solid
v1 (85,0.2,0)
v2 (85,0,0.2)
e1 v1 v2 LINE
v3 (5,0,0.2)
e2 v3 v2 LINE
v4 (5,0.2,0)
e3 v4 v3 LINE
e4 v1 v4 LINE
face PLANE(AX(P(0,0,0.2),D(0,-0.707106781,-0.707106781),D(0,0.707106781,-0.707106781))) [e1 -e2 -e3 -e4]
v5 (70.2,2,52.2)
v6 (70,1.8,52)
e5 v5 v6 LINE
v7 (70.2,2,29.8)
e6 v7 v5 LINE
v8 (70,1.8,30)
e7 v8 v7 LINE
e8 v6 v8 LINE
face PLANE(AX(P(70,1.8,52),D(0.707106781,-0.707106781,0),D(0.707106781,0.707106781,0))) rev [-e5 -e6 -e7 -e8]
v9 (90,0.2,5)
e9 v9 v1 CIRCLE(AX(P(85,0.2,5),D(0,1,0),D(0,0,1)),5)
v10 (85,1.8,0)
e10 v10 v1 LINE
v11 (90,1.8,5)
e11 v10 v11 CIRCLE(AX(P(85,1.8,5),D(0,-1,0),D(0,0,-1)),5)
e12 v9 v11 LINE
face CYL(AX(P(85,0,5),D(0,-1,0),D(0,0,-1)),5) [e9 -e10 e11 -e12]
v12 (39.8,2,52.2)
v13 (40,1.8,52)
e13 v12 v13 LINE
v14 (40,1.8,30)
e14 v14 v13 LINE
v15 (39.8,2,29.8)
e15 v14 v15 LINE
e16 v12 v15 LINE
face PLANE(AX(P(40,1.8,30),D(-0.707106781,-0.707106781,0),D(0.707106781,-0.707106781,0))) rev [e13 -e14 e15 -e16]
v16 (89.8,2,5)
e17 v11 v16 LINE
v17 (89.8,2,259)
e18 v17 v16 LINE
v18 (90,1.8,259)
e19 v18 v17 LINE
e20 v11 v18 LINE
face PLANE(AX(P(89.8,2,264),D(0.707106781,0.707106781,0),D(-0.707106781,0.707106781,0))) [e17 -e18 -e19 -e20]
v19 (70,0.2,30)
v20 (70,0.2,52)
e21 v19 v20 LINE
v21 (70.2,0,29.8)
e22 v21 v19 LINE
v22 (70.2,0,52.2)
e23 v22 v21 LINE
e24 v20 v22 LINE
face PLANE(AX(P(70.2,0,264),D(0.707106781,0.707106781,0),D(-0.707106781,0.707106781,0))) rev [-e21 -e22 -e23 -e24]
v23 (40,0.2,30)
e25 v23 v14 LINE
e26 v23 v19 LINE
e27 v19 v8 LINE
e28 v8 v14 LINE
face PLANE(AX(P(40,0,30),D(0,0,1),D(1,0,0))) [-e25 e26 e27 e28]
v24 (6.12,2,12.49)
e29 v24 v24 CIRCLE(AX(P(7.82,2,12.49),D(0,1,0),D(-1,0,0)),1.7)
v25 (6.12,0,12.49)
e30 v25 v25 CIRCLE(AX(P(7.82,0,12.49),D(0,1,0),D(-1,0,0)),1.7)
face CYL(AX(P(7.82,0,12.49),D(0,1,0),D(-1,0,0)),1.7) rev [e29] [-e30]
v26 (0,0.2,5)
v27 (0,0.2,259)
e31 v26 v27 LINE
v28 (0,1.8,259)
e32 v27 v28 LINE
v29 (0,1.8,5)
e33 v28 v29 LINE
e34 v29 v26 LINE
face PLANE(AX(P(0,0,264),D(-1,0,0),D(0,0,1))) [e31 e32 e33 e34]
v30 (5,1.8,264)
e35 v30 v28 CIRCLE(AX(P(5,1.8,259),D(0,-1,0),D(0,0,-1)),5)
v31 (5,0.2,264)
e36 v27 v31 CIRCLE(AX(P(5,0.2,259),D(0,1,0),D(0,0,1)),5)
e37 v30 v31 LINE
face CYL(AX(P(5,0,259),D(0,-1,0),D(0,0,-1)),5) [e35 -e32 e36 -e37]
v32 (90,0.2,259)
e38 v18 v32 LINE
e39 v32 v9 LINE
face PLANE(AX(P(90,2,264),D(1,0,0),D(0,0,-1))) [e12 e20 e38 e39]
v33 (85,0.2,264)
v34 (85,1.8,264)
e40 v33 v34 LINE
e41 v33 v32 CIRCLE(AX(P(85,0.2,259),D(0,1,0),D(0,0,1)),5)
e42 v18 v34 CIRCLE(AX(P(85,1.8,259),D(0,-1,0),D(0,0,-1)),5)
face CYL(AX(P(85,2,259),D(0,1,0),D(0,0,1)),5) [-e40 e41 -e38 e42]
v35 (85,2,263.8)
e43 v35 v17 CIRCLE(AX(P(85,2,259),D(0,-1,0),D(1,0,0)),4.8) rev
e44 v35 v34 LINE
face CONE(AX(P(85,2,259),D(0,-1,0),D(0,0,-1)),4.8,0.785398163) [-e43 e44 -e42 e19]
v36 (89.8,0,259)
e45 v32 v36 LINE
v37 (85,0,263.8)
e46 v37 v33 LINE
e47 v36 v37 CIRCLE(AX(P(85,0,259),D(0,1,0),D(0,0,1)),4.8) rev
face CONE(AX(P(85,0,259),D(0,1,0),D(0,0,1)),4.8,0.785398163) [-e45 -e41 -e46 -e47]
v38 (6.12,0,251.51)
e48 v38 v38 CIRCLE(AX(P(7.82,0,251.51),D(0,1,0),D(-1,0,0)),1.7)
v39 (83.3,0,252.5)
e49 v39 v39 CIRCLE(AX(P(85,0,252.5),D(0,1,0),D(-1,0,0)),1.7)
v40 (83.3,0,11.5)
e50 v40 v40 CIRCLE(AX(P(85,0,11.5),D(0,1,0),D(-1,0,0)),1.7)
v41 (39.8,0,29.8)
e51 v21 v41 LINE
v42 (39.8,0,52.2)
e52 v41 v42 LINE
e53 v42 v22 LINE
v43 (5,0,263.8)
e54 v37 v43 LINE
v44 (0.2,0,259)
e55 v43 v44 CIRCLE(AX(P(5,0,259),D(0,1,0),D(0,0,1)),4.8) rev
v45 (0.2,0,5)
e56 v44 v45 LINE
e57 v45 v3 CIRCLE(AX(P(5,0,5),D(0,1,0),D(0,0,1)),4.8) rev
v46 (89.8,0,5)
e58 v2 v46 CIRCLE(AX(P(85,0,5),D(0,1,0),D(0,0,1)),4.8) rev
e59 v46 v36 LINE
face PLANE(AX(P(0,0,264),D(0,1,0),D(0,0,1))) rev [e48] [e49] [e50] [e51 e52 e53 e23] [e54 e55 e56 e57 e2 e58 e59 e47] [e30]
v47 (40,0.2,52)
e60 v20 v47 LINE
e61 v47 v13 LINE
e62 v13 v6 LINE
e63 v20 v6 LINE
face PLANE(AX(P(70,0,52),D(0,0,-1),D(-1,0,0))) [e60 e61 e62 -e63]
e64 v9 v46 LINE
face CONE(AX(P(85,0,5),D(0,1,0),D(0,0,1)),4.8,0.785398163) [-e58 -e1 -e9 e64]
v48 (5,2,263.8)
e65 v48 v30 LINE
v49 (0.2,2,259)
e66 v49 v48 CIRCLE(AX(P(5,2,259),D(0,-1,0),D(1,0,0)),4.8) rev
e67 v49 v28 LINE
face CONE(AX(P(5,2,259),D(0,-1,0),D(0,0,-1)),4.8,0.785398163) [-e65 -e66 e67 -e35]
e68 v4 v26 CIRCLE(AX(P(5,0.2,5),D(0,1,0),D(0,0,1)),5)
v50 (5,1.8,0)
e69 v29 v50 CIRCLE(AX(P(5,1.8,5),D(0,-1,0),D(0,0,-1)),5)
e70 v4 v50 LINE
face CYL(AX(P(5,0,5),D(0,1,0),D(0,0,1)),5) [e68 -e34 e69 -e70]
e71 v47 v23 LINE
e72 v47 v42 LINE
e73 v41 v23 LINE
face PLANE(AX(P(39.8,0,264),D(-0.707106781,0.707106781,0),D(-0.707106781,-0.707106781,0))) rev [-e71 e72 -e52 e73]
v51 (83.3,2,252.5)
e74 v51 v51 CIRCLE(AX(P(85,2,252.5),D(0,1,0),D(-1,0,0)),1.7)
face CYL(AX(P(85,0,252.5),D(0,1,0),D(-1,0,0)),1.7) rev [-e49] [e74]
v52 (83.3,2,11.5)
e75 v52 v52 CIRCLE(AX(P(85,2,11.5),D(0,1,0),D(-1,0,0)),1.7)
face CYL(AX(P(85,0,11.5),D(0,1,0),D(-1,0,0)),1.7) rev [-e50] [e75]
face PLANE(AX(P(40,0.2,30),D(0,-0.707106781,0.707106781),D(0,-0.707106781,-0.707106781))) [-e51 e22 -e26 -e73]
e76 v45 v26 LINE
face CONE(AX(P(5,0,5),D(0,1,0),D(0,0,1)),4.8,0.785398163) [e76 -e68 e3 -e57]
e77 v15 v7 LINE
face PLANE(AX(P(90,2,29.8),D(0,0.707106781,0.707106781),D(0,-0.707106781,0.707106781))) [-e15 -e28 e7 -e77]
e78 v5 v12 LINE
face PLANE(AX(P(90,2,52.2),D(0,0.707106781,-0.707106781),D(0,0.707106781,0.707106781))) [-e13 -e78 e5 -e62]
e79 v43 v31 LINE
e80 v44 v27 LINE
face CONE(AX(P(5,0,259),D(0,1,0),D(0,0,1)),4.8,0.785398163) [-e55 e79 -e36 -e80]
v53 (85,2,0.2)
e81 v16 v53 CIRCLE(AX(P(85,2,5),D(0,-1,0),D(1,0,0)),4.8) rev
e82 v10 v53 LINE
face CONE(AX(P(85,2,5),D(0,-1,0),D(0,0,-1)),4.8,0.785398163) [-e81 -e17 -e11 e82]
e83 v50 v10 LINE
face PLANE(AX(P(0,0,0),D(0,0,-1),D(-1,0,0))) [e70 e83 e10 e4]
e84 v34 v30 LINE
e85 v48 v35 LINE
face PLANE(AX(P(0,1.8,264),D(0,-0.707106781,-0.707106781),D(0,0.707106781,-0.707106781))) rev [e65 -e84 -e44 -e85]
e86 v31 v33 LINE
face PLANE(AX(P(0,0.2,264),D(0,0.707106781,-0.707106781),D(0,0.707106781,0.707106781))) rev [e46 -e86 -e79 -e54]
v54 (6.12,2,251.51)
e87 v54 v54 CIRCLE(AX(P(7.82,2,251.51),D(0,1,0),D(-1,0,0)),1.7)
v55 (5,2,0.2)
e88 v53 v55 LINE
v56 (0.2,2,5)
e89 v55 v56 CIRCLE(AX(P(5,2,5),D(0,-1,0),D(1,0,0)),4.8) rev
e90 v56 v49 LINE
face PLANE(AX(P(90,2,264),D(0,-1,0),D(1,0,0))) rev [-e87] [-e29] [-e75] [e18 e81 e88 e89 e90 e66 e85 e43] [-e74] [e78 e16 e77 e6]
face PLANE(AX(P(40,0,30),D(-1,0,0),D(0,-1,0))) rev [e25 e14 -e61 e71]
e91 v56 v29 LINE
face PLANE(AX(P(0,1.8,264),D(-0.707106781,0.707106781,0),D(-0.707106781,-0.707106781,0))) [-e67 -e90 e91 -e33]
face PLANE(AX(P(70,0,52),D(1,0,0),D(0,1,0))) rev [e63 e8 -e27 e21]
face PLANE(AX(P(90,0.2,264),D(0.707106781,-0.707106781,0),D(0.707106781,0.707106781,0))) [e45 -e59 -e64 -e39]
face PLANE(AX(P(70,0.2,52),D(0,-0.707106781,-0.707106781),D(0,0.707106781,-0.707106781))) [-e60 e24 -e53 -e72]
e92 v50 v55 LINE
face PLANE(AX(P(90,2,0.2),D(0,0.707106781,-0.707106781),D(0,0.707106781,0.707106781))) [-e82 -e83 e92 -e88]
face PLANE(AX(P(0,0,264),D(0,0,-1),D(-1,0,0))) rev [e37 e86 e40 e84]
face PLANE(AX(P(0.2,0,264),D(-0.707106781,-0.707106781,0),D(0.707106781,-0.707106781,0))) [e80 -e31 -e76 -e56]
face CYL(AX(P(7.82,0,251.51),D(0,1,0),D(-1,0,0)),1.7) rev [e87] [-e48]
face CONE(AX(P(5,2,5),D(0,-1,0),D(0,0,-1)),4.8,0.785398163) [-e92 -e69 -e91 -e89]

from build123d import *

# Parameters (mm, degrees)
ESQUISSE1_W             = 90
ESQUISSE1_H             = 2
BASE_EXTRUSION_DEPTH    = 264
ESQUISSE2_W             = 30
ESQUISSE2_H             = 22
ENL_V_MAT_EXTRU_1_DEPTH = 279.92651362
CONG_1_R                = 5
CHANFREIN1_SIZE         = 0.2
ESQUISSE3_R             = 1.7
ENL_V_MAT_EXTRU_2_DEPTH = 279.92651362


with BuildPart() as part:
    # Esquisse1 → Base-Extrusion (new body)
    with BuildSketch(Plane.XY):
        with Locations((45, 1)):
            Rectangle(ESQUISSE1_W, ESQUISSE1_H)
    extrude(amount=BASE_EXTRUSION_DEPTH)

    # Esquisse2 → Enlèv. mat.-Extru.1 (cut, through all)
    with BuildSketch(Plane(origin=(0, 2, 0), x_dir=(-1, 0, 0), z_dir=(0, 1, 0))):
        with Locations((-55, 41)):
            Rectangle(ESQUISSE2_W, ESQUISSE2_H)
    extrude(amount=-ENL_V_MAT_EXTRU_1_DEPTH, mode=Mode.SUBTRACT)

    # Congé1
    cong_1_edges = [part.edges().sort_by_distance(p)[0] for p in [
        (0, 1, 0),
        (0, 1, 264),
        (90, 1, 0),
        (90, 1, 264),
    ]]
    fillet(cong_1_edges, radius=CONG_1_R)

    # Chanfrein1
    chanfrein1_edges = [part.edges().sort_by_distance(p)[0] for p in [
        (0, 0, 132),
        (1.464466094, 0, 1.464466094),
        (1.464466094, 0, 262.535533906),
        (45, 0, 0),
        (45, 0, 264),
        (88.535533906, 0, 1.464466094),
        (88.535533906, 0, 262.535533906),
        (90, 0, 132),
        (70, 0, 41),
        (55, 0, 30),
        (40, 0, 41),
        (55, 0, 52),
        (0, 2, 132),
        (1.464466094, 2, 1.464466094),
        (1.464466094, 2, 262.535533906),
        (45, 2, 0),
        (45, 2, 264),
        (88.535533906, 2, 1.464466094),
        (88.535533906, 2, 262.535533906),
        (90, 2, 132),
        (70, 2, 41),
        (55, 2, 30),
        (40, 2, 41),
        (55, 2, 52),
    ]]
    chamfer(chanfrein1_edges, length=CHANFREIN1_SIZE)

    # Esquisse3 → Enlèv. mat.-Extru.2 (cut, through all)
    with BuildSketch(Plane(origin=(0, 2, 0), x_dir=(-1, 0, 0), z_dir=(0, 1, 0))):
        with Locations((-7.82, 251.51)):
            Circle(ESQUISSE3_R)
        with Locations((-7.82, 12.49)):
            Circle(ESQUISSE3_R)
        with Locations((-85, 252.5)):
            Circle(ESQUISSE3_R)
        with Locations((-85, 11.5)):
            Circle(ESQUISSE3_R)
    extrude(amount=-ENL_V_MAT_EXTRU_2_DEPTH, mode=Mode.SUBTRACT)


solid = part.part
